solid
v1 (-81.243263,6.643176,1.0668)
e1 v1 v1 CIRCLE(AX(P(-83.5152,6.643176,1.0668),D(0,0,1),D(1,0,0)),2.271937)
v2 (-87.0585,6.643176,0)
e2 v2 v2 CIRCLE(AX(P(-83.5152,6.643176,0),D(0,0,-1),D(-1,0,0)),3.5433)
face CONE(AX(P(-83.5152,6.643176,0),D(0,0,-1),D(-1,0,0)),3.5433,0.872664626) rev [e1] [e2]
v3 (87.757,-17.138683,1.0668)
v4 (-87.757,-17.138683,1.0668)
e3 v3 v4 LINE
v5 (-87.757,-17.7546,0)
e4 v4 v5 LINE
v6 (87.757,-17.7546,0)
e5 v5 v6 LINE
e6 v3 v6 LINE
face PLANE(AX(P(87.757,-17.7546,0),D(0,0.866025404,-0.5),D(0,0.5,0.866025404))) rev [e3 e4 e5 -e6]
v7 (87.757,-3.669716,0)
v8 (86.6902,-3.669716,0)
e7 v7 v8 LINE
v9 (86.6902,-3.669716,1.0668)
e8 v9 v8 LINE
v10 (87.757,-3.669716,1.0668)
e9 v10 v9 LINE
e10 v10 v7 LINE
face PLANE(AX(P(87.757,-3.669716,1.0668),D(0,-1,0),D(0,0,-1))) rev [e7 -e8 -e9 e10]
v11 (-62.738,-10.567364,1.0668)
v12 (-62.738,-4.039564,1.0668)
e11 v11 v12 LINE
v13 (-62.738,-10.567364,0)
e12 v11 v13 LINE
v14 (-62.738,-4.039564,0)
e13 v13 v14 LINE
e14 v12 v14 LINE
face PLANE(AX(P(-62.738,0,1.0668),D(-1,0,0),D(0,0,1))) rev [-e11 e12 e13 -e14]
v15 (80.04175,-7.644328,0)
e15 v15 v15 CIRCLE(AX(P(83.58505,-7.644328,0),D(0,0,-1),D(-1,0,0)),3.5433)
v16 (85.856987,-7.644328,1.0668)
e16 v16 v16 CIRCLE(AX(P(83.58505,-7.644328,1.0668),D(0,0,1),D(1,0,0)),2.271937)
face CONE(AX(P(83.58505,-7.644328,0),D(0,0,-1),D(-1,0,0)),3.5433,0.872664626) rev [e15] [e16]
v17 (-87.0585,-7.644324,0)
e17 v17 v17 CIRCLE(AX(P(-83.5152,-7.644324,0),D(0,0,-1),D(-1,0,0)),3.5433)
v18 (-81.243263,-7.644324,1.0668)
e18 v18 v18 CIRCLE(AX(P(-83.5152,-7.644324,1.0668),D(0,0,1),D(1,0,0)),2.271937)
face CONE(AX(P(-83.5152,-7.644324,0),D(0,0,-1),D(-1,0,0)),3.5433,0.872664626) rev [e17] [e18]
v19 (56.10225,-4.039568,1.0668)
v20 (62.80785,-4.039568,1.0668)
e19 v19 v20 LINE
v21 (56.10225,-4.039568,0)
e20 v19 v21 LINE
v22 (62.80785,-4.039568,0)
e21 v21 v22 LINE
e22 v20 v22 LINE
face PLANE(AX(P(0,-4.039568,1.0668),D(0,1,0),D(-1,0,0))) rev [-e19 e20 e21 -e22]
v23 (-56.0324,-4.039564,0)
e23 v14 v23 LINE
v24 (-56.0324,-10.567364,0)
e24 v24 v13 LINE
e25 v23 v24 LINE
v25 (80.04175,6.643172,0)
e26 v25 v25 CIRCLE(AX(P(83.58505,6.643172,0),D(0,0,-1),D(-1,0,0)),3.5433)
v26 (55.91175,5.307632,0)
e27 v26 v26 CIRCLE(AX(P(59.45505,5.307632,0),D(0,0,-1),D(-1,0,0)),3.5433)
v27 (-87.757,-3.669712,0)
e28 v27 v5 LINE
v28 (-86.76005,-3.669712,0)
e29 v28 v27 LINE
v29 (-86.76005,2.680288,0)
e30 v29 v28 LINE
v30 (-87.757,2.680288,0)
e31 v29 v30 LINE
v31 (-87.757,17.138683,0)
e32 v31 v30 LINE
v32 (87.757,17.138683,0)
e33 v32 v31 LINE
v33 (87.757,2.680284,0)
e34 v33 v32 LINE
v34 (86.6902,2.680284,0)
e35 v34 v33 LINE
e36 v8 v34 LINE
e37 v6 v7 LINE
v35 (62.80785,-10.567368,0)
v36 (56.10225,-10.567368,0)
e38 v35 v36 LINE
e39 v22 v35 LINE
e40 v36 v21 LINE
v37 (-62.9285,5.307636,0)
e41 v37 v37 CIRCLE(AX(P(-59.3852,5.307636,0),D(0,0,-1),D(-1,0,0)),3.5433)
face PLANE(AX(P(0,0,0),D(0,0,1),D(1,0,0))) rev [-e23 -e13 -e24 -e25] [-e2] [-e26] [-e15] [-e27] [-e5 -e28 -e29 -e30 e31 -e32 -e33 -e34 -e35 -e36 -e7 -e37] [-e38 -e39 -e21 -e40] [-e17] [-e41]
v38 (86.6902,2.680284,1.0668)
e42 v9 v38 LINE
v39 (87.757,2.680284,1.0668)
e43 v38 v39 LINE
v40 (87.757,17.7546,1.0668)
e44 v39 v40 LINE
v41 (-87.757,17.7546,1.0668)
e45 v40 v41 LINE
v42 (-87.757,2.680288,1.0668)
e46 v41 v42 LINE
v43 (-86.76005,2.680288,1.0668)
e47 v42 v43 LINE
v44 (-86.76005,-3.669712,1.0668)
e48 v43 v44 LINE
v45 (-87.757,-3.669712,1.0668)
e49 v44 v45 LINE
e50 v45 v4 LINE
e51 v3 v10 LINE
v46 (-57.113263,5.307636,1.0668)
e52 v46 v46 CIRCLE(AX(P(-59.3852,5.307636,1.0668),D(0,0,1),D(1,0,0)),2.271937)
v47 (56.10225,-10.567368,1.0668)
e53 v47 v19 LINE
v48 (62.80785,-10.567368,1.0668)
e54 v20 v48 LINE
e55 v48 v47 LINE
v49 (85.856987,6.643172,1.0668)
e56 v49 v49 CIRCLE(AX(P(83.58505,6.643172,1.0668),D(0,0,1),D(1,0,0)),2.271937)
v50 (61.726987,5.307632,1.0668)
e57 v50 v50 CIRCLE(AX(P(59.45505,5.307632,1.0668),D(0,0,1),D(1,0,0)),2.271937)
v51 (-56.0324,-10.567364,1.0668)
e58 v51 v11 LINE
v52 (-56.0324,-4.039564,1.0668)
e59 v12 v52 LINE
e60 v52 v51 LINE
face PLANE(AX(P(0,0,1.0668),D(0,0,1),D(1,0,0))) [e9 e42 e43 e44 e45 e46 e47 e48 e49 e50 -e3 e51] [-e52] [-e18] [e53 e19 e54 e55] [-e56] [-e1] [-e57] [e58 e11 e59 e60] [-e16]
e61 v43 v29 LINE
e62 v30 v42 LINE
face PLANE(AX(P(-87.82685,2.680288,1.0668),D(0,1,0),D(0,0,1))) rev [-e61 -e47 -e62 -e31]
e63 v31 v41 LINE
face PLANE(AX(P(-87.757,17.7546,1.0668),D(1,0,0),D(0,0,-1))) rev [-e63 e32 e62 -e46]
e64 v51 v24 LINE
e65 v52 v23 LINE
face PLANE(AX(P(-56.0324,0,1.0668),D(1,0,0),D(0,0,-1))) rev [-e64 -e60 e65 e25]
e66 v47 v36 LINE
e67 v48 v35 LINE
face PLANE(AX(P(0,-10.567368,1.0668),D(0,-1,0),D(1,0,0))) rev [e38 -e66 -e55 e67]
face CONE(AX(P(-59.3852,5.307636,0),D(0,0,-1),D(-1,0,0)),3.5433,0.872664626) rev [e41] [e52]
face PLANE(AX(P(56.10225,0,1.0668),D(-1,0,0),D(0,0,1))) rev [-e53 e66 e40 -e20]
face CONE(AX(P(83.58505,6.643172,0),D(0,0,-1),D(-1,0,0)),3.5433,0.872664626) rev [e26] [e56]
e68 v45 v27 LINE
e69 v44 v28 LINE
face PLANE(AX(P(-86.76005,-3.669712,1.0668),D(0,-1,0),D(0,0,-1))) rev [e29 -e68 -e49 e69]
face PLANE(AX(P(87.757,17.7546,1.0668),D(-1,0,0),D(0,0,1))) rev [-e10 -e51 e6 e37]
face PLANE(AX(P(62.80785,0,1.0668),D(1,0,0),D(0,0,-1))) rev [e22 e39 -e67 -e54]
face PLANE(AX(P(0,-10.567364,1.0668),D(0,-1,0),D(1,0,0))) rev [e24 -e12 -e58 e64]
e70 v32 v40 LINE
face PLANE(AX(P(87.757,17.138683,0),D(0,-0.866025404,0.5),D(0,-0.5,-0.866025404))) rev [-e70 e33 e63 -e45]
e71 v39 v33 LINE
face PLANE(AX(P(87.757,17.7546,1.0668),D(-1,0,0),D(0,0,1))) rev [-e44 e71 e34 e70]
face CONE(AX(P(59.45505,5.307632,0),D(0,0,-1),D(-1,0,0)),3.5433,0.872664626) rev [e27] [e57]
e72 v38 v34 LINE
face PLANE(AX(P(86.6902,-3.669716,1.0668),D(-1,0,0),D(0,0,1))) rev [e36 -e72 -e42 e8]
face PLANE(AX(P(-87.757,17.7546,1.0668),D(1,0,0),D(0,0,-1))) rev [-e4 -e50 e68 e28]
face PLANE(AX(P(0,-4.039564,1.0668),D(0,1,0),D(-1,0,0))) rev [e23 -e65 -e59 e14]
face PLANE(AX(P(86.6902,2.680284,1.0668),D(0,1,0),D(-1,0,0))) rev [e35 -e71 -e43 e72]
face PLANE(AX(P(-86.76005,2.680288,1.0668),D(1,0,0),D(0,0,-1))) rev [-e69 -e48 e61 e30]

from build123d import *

# Parameters (mm, degrees)
SKETCH1_W                                 = 175.514
SKETCH1_H                                 = 35.5092
BOSS_EXTRUDE1_DEPTH                       = 1.0668
CUT_EXTRUDE2_DEPTH                        = 177.412947596
SKETCH8_W                                 = 6.7056
SKETCH8_H                                 = 6.5278
SKETCH8_W_2                               = 6.35
SKETCH8_H_2                               = 6.1722
SKETCH8_W_3                               = 1.0668
SKETCH8_H_3                               = 6.35
CUT_EXTRUDE3_DEPTH                        = 90.541358781
CSK_FOR_6_FLAT_HEAD_MACHINE_SCREW_2_COUNT = 2
CSK_FOR_6_FLAT_HEAD_MACHINE_SCREW_2_PITCH = 24.166931253
CSK_FOR_6_FLAT_HEAD_MACHINE_SCREW_3_COUNT = 2
CSK_FOR_6_FLAT_HEAD_MACHINE_SCREW_3_PITCH = 27.386313674
CSK_FOR_6_FLAT_HEAD_MACHINE_SCREW_4_COUNT = 2
CSK_FOR_6_FLAT_HEAD_MACHINE_SCREW_4_PITCH = 118.84025
CSK_FOR_6_FLAT_HEAD_MACHINE_SCREW_5_COUNT = 2
CSK_FOR_6_FLAT_HEAD_MACHINE_SCREW_5_PITCH = 142.976487796
CSK_FOR_6_FLAT_HEAD_MACHINE_SCREW_6_COUNT = 2
CSK_FOR_6_FLAT_HEAD_MACHINE_SCREW_6_PITCH = 143.555722815


with BuildPart() as part:
    # Sketch1 → Boss-Extrude1 (new body)
    with BuildSketch(Plane.XY):
        Rectangle(SKETCH1_W, SKETCH1_H)
    extrude(amount=BOSS_EXTRUDE1_DEPTH)

    # Sketch7 → Cut-Extrude2 (cut, through all)
    with BuildSketch(Plane.ZY.offset(87.757)):
        Polygon((0, 17.138682733), (1.0668, 17.7546), (0, 17.7546), align=None)
        Polygon((0, -17.7546), (1.0668, -17.138682733), (1.0668, -17.7546), align=None)
    extrude(amount=-CUT_EXTRUDE2_DEPTH, mode=Mode.SUBTRACT)

    # Sketch8 → Cut-Extrude3 (cut, through all)
    # profile 1 of 4: a face of its own
    with BuildSketch(Plane(origin=(0, 0, 0), x_dir=(-1, 0, 0), z_dir=(0, 0, -1))):
        with Locations((59.3852, -7.303463684)):
            Rectangle(SKETCH8_W, SKETCH8_H)
        with Locations((59.3852, -7.303463684)):
            Rectangle(SKETCH8_W_2, SKETCH8_H_2, mode=Mode.SUBTRACT)
    # profile 2 of 4: a face of its own
    with BuildSketch(Plane(origin=(0, 0, 0), x_dir=(-1, 0, 0), z_dir=(0, 0, -1))):
        with Locations((-87.2236, -0.494716366)):
            Rectangle(SKETCH8_W_3, SKETCH8_H_3)
    # profile 3 of 4: a face of its own
    with BuildSketch(Plane(origin=(0, 0, 0), x_dir=(-1, 0, 0), z_dir=(0, 0, -1))):
        with Locations((-59.45505, -7.303467884)):
            Rectangle(SKETCH8_W, SKETCH8_H)
        with Locations((-59.45505, -7.303467884)):
            Rectangle(SKETCH8_W_2, SKETCH8_H_2, mode=Mode.SUBTRACT)
    # profile 4 of 4: a face of its own
    with BuildSketch(Plane(origin=(0, 0, 0), x_dir=(-1, 0, 0), z_dir=(0, 0, -1))):
        with Locations((87.29345, -0.494712166)):
            Rectangle(SKETCH8_W_3, SKETCH8_H_3)
    extrude(amount=-CUT_EXTRUDE3_DEPTH, mode=Mode.SUBTRACT)


with BuildPart() as cut_extrude3_kept_piece:
    # of the separate pieces the step leaves, the one the design keeps (cut_extrude3_pieces_kept)
    add(part.part.solids().sort_by_distance((-87.757, -17.138682733, 1.0668))[0])

    # Sketch9 → CSK for #6 Flat Head Machine Screw (100)1 (revolve, cut)
    with BuildSketch(Plane(origin=(59.45505, 5.307632116, 0), x_dir=(0, 1, 0), z_dir=(1, 0, 0))):
        Polygon((0, 0), (0, 1.0668), (1.89865, 1.0668), (1.89865, 1.380025208), (3.5433, 0), align=None)
    csk_for_6_flat_head_machine_screw_100 = revolve(axis=Axis((59.45505, 5.307632116, -6.35), (0, 0, 1)), mode=Mode.SUBTRACT)

    # CSK for _6 Flat Head Machine Screw _ 2: CSK for #6 Flat Head Machine Screw (100)1 ×2
    with Locations(*[Vector(0.9984718269541709, 0.05526310504125029, 0) * (i * CSK_FOR_6_FLAT_HEAD_MACHINE_SCREW_2_PITCH) for i in range(1, CSK_FOR_6_FLAT_HEAD_MACHINE_SCREW_2_COUNT)]):
        add(csk_for_6_flat_head_machine_screw_100, mode=Mode.SUBTRACT)

    # CSK for _6 Flat Head Machine Screw _ 3: CSK for #6 Flat Head Machine Screw (100)1 ×2
    with Locations(*[Vector(0.881097043122147, -0.4729355142103514, 0) * (i * CSK_FOR_6_FLAT_HEAD_MACHINE_SCREW_3_PITCH) for i in range(1, CSK_FOR_6_FLAT_HEAD_MACHINE_SCREW_3_COUNT)]):
        add(csk_for_6_flat_head_machine_screw_100, mode=Mode.SUBTRACT)

    # CSK for _6 Flat Head Machine Screw _ 4: CSK for #6 Flat Head Machine Screw (100)1 ×2
    with Locations(*[(-i * CSK_FOR_6_FLAT_HEAD_MACHINE_SCREW_4_PITCH, 0, 0) for i in range(1, CSK_FOR_6_FLAT_HEAD_MACHINE_SCREW_4_COUNT)]):
        add(csk_for_6_flat_head_machine_screw_100, mode=Mode.SUBTRACT)

    # CSK for _6 Flat Head Machine Screw _ 5: CSK for #6 Flat Head Machine Screw (100)1 ×2
    with Locations(*[Vector(-0.9999563718759208, 0.009341003412130584, 0) * (i * CSK_FOR_6_FLAT_HEAD_MACHINE_SCREW_5_PITCH) for i in range(1, CSK_FOR_6_FLAT_HEAD_MACHINE_SCREW_5_COUNT)]):
        add(csk_for_6_flat_head_machine_screw_100, mode=Mode.SUBTRACT)

    # CSK for _6 Flat Head Machine Screw _ 6: CSK for #6 Flat Head Machine Screw (100)1 ×2
    with Locations(*[Vector(-0.9959216337502219, -0.09022249956795243, 0) * (i * CSK_FOR_6_FLAT_HEAD_MACHINE_SCREW_6_PITCH) for i in range(1, CSK_FOR_6_FLAT_HEAD_MACHINE_SCREW_6_COUNT)]):
        add(csk_for_6_flat_head_machine_screw_100, mode=Mode.SUBTRACT)


solid = cut_extrude3_kept_piece.part
